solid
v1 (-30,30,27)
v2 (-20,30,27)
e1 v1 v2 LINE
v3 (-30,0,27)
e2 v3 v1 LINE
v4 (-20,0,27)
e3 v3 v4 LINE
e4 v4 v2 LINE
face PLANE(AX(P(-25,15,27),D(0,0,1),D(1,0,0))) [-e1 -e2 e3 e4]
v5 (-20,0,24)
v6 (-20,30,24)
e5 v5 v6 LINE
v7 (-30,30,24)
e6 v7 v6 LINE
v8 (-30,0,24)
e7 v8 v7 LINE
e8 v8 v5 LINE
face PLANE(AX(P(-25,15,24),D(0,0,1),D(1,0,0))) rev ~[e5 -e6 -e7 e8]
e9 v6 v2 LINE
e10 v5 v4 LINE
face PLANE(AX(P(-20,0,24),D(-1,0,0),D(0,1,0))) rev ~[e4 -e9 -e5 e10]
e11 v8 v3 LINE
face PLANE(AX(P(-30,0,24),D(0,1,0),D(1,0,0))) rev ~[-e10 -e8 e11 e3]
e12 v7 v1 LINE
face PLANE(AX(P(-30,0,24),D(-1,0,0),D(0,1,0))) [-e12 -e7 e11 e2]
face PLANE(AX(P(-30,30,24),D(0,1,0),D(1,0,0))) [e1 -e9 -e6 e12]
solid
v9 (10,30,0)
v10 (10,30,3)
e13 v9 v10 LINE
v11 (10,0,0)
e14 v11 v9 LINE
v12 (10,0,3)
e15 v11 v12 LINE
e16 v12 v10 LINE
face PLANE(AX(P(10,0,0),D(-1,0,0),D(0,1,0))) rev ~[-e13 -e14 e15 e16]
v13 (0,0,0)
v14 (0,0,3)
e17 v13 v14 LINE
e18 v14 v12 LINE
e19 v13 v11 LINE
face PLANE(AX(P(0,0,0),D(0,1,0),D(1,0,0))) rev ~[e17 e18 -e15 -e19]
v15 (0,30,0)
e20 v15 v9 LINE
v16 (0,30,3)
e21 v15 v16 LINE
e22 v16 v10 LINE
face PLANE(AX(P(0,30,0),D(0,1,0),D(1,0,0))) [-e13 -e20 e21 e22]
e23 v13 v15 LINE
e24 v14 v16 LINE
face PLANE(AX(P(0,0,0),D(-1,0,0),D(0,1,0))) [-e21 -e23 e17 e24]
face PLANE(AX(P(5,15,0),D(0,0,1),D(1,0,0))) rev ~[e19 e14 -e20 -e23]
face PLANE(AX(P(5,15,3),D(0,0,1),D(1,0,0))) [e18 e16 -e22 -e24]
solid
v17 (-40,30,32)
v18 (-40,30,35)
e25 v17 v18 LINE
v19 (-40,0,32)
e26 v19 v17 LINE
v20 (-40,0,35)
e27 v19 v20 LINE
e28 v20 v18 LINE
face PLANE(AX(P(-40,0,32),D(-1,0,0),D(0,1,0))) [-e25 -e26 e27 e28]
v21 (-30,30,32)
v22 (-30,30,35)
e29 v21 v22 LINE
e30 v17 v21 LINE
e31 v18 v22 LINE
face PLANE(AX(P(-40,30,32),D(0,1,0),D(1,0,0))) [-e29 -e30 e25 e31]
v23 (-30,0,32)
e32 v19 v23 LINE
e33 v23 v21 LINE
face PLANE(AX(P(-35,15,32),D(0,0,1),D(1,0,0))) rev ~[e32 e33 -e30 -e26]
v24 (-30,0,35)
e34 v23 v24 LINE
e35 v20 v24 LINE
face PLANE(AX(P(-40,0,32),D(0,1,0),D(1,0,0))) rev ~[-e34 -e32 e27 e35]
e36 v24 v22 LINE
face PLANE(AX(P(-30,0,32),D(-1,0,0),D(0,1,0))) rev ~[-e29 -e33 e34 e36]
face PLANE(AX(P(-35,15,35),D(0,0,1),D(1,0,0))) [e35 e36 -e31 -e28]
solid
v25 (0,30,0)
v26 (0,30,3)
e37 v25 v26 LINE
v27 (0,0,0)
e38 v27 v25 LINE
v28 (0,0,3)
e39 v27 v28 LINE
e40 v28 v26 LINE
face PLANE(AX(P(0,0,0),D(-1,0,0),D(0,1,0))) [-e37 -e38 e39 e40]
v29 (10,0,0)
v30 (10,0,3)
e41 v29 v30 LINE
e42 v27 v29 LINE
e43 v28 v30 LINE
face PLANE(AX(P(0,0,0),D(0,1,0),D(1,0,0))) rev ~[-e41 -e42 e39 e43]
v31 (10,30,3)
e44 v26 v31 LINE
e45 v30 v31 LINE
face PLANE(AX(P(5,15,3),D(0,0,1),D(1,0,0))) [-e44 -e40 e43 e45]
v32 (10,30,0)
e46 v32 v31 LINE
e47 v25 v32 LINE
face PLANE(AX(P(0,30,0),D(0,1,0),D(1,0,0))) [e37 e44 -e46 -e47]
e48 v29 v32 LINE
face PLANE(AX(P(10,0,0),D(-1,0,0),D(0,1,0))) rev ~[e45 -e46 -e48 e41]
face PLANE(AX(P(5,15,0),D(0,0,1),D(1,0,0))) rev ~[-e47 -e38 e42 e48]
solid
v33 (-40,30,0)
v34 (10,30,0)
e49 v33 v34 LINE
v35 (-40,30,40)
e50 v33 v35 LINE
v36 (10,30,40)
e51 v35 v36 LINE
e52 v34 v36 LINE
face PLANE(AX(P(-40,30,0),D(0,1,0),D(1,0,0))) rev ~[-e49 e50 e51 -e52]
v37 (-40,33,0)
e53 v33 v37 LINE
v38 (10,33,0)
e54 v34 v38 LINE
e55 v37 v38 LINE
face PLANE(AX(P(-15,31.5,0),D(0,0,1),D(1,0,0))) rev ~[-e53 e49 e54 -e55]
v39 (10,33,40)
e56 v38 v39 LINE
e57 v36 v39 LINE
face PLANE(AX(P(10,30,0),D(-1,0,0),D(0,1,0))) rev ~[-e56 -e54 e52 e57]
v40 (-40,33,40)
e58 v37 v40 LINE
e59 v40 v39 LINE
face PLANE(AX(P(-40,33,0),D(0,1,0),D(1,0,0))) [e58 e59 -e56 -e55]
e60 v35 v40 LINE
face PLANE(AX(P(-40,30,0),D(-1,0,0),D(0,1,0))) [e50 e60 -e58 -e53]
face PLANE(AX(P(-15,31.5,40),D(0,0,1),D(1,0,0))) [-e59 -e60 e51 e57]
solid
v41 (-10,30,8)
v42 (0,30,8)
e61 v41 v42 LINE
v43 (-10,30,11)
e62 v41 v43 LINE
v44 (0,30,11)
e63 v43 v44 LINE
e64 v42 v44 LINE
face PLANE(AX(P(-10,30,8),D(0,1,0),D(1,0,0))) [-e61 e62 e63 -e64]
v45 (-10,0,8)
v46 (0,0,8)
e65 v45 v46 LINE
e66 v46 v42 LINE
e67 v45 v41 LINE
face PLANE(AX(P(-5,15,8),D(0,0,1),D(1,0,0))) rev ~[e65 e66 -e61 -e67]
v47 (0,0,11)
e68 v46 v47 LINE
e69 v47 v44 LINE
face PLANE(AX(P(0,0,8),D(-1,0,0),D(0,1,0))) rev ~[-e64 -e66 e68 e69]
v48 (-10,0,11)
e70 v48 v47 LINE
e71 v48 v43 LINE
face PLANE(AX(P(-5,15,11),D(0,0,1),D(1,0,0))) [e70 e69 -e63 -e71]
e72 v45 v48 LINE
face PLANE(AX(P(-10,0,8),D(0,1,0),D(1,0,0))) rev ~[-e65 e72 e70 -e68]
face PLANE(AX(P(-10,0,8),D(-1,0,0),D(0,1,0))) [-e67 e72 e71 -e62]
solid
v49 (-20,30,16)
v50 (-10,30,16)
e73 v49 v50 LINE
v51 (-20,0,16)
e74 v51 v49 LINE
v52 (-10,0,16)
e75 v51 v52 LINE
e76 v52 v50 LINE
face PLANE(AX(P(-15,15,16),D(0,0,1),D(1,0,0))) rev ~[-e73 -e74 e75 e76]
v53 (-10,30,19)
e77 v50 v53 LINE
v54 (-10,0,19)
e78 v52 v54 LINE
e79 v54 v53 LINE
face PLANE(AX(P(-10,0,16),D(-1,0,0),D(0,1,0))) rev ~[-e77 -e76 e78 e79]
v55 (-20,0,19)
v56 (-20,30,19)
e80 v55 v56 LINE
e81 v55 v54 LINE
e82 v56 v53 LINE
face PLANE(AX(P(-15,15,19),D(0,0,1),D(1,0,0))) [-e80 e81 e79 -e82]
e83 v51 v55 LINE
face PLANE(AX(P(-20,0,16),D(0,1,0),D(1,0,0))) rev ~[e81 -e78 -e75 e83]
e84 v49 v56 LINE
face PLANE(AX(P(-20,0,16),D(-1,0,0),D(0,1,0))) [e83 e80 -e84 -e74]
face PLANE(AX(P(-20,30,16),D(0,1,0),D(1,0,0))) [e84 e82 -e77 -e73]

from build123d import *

# Parameters (mm, degrees)
BOX_W        = 10
BOX_H        = 30
BOX_DEPTH    = 3
BOX001_W     = 10
BOX001_H     = 30
BOX001_DEPTH = 3
BOX002_W     = 10
BOX002_H     = 30
BOX002_DEPTH = 3
BOX003_W     = 10
BOX003_H     = 30
BOX003_DEPTH = 3
BOX004_W     = 10
BOX004_H     = 30
BOX004_DEPTH = 3
BOX005_W     = 50
BOX005_H     = 3
BOX005_DEPTH = 40
BOX006_W     = 10
BOX006_H     = 30
BOX006_DEPTH = 3


with BuildPart() as cubo:
    # Box → Box (new body)
    with BuildSketch(Plane(origin=(-30, 0, 24), x_dir=(1, 0, 0), z_dir=(0, 0, 1))):
        with Locations((5, 15)):
            Rectangle(BOX_W, BOX_H)
    extrude(amount=BOX_DEPTH)


with BuildPart() as cubo001:
    # Box001 → Box001 (new body)
    with BuildSketch(Plane(origin=(-20, 0, 16), x_dir=(1, 0, 0), z_dir=(0, 0, 1))):
        with Locations((5, 15)):
            Rectangle(BOX001_W, BOX001_H)
    extrude(amount=BOX001_DEPTH)


with BuildPart() as cubo002:
    # Box002 → Box002 (new body)
    with BuildSketch(Plane(origin=(-10, 0, 8), x_dir=(1, 0, 0), z_dir=(0, 0, 1))):
        with Locations((5, 15)):
            Rectangle(BOX002_W, BOX002_H)
    extrude(amount=BOX002_DEPTH)


with BuildPart() as cubo003:
    # Box003 → Box003 (new body)
    with BuildSketch(Plane.XY):
        with Locations((5, 15)):
            Rectangle(BOX003_W, BOX003_H)
    extrude(amount=BOX003_DEPTH)


with BuildPart() as cubo004:
    # Box004 → Box004 (new body)
    with BuildSketch(Plane.XY):
        with Locations((5, 15)):
            Rectangle(BOX004_W, BOX004_H)
    extrude(amount=BOX004_DEPTH)


with BuildPart() as cubo005:
    # Box005 → Box005 (new body)
    with BuildSketch(Plane(origin=(-40, 30, 0), x_dir=(1, 0, 0), z_dir=(0, 0, 1))):
        with Locations((25, 1.5)):
            Rectangle(BOX005_W, BOX005_H)
    extrude(amount=BOX005_DEPTH)


with BuildPart() as cubo006:
    # Box006 → Box006 (new body)
    with BuildSketch(Plane(origin=(-40, 0, 32), x_dir=(1, 0, 0), z_dir=(0, 0, 1))):
        with Locations((5, 15)):
            Rectangle(BOX006_W, BOX006_H)
    extrude(amount=BOX006_DEPTH)


solid = Compound([cubo.part, cubo001.part, cubo002.part, cubo003.part, cubo004.part, cubo005.part, cubo006.part])
